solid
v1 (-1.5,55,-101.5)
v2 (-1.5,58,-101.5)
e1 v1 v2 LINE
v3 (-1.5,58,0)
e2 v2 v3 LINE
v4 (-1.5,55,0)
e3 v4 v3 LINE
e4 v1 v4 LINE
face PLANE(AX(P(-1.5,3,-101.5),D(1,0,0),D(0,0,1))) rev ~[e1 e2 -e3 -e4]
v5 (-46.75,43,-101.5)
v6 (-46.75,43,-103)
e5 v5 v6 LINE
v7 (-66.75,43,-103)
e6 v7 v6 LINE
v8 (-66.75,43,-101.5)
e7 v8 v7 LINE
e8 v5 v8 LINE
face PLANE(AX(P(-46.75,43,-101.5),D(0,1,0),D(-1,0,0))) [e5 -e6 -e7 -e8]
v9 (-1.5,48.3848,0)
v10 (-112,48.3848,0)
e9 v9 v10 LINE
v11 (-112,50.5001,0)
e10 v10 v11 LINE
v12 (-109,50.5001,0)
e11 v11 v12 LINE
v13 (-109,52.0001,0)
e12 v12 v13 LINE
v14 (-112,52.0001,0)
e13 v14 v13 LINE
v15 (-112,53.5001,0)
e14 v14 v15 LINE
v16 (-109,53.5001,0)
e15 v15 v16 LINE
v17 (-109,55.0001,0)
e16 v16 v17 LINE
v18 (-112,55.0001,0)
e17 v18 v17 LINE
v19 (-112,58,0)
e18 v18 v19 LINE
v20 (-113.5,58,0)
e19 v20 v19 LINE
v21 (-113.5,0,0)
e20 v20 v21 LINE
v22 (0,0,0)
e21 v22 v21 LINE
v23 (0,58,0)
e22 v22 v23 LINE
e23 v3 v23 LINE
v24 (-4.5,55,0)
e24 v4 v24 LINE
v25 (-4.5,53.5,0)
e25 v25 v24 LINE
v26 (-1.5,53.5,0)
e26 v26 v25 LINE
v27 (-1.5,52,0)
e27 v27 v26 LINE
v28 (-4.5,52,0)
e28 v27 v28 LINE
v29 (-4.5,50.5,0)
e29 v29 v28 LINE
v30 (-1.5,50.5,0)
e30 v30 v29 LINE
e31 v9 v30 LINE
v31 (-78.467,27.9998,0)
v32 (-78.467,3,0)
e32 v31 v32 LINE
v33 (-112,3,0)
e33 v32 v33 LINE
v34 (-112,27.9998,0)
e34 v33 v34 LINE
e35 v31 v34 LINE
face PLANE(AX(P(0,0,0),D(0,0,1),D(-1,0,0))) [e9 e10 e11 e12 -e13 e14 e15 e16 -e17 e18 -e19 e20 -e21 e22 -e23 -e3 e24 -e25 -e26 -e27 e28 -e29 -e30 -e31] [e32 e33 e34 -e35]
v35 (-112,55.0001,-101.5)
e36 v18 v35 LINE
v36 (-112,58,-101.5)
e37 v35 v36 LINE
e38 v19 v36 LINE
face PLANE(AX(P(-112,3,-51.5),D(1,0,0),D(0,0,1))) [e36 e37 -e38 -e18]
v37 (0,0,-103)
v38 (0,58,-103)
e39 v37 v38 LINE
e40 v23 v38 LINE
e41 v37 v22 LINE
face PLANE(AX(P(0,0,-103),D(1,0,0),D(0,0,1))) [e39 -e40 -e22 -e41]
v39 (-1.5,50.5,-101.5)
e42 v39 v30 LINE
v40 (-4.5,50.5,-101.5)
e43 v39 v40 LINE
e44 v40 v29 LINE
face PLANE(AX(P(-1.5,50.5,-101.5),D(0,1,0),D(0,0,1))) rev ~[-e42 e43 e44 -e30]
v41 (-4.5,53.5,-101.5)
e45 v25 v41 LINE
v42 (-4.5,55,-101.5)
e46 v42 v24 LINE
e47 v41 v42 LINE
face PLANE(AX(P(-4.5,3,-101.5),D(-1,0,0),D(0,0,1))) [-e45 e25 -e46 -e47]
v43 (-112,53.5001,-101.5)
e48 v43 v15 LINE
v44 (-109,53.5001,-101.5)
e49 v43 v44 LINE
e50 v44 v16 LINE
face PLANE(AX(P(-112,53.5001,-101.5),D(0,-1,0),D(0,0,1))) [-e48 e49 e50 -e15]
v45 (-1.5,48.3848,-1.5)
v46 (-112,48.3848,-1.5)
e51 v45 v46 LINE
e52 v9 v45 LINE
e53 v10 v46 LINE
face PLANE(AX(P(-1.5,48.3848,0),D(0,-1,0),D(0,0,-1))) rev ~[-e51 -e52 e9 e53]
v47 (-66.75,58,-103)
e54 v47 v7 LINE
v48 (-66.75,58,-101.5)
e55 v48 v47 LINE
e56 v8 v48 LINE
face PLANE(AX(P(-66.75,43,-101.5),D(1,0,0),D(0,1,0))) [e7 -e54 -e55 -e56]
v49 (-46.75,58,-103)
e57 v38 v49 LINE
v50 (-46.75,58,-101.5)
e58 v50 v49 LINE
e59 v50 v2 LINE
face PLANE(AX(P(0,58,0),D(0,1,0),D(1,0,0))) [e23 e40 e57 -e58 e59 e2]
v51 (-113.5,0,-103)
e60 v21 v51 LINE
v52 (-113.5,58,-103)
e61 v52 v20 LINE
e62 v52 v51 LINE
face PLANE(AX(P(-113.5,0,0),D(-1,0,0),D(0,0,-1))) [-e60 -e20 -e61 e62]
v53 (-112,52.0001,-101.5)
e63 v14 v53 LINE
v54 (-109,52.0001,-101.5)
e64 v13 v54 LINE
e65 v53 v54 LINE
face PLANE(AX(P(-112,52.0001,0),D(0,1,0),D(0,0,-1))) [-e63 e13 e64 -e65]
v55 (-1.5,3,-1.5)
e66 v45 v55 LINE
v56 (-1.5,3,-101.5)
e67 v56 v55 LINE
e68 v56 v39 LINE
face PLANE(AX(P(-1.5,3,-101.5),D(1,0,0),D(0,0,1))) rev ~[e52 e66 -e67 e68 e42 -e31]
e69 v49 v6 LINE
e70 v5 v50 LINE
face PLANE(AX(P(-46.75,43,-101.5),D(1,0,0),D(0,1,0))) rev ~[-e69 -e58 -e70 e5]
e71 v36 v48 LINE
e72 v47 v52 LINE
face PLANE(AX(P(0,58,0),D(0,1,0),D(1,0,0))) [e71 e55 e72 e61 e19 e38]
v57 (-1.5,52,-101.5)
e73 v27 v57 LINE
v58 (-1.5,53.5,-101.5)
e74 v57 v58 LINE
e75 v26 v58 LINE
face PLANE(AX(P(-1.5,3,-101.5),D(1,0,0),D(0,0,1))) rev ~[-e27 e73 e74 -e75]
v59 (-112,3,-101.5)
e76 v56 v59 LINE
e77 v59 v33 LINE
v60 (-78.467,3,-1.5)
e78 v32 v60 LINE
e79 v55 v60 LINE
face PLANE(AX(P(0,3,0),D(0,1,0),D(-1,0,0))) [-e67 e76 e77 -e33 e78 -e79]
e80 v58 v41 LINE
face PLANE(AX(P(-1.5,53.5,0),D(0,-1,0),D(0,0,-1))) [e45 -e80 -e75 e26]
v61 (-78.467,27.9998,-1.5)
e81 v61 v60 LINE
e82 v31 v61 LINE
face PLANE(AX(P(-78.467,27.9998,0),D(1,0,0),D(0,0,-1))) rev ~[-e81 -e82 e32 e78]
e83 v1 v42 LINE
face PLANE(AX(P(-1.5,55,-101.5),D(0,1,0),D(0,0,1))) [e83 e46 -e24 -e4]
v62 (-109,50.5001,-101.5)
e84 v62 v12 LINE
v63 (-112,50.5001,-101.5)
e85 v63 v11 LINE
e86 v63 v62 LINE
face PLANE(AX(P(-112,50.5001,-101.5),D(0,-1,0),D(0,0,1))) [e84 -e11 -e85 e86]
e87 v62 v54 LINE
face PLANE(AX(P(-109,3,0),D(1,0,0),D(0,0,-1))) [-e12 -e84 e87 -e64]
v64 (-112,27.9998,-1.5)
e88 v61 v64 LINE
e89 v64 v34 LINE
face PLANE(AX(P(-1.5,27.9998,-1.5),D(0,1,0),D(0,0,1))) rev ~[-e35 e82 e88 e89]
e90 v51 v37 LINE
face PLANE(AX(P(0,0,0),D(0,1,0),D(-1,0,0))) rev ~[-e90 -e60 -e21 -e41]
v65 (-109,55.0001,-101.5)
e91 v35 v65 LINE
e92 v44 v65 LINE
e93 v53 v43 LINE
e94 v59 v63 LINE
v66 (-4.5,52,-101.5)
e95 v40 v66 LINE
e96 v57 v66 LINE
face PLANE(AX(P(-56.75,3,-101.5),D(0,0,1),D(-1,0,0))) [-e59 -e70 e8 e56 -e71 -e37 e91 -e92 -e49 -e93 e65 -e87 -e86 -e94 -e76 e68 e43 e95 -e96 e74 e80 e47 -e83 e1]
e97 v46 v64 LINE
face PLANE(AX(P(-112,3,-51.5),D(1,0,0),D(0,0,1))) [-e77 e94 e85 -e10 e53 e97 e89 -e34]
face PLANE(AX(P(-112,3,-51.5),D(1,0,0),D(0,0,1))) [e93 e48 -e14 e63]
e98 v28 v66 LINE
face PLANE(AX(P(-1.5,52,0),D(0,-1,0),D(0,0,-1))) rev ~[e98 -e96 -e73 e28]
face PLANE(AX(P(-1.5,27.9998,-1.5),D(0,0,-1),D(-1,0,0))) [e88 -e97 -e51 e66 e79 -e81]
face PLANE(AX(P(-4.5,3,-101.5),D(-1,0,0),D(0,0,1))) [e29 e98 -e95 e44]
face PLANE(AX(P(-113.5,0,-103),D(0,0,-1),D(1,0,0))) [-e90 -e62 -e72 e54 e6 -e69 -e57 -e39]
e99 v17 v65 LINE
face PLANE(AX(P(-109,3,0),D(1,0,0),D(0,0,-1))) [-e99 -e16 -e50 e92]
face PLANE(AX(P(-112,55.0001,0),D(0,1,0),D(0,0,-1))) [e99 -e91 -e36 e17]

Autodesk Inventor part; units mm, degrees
ref_plane "YZ Plane" through (0, 0, 0) normal (1, 0, 0) x (0, 1, 0)
ref_plane "XZ Plane" through (0, 0, 0) normal (0, 1, 0) x (-1, 0, 0)
ref_plane "XY Plane" through (0, 0, 0) normal (0, 0, 1) x (1, 0, 0)
sketch "Sketch1" plane through (0, 0, 0) normal (0, 1, 0) x (-1, 0, 0)
  line L0 (0, 0) -> (113.5, 0)
  line L1 (113.5, 0) -> (113.5, -103)
  line L2 (113.5, -103) -> (0, -103)
  line L3 (0, -103) -> (0, 0)
  dimension "d0" = 113.5
  dimension "d1" = 103
extrude "Extrusion1" add sketch "Sketch1" along normal blind 3
sketch "Sketch2" plane through (0, 3, 0) normal (0, 1, 0) x (1, 0, 0)
  line L0 (0, 0) -> (0, 103) projected
  line L1 (-113.5, 0) -> (0, 0) projected
  line L2 (0, 103) -> (-113.5, 103) projected
  line L3 (-113.5, 103) -> (-113.5, 0) projected
  line L4 (-112, 51.5) -> (-112, 0)
  line L5 (-56.75, 101.5) -> (-112, 101.5)
  line L6 (-112, 101.5) -> (-1.5, 101.5)
  line L7 (-1.5, 101.5) -> (-1.5, 0)
  line L8 (-112, 0) -> (-112, 101.5)
extrude "Extrusion2" add sketch "Sketch2" along normal blind 55 contours L1 L7 L6 L5 L8 L4 L3 L2 L0
sketch "Sketch3" plane through (-112, 3, -101.5) normal (0, 0, 1) x (1, 0, 0)
  point P0 (112, -3)
sketch "Sketch4" plane through (-112, 3, -101.5) normal (0, 0, 1) x (1, 0, 0)
  line L0 (0, 55) -> (110.5, 55) projected
  line L1 (65.25, 40) -> (45.25, 40)
  line L2 (45.25, 40) -> (45.25, 55)
  line L3 (65.25, 40) -> (65.25, 55)
  line L4 (45.25, 55) -> (65.25, 55)
  point P0 (112, -3)
  dimension "d11" = 20
extrude "Extrusion3" cut sketch "Sketch4" against normal through all
sketch "Sketch5" plane through (-112, 3, 0) normal (1, 0, 0) x (0, 0, -1)
  line L0 (0, 55) -> (101.5, 55) projected
  line L1 (0, 0) -> (0, 55) projected
  line L2 (0, 52.0001) -> (101.5, 52.0001)
  line L3 (101.5, 0) -> (101.5, 55) projected
  line L4 (101.5, 52.0001) -> (101.5, 50.5001)
  line L5 (101.5, 50.5001) -> (0, 50.5001)
  line L6 (0, 52.0001) -> (0, 50.5001)
  line L7 (0, 49.0001) -> (101.5, 49.0001)
  line L8 (101.5, 49.0001) -> (101.5, 47.5001)
  line L9 (101.5, 47.5001) -> (0, 47.5001)
  line L10 (0, -3) -> (0, 55) projected
  line L11 (0, 49.0001) -> (0, 47.5001)
  dimension "d14" = 1.5
  dimension "d15" = 1.5
  dimension "d16" = 1.5
extrude "Extrusion4" add sketch "Sketch5" along normal blind 3 contours L2 L3 L5 L1 | L7 L3 L9 L1
sketch "Sketch6" plane through (-1.5, 3, -101.5) normal (-1, 0, 0) x (0, 0, 1)
  line L0 (0, 55) -> (101.5, 55) projected
  line L1 (0, 0) -> (0, 55) projected
  line L2 (0, 52) -> (101.5, 52)
  line L3 (101.5, 0) -> (101.5, 55) projected
  line L4 (101.5, 52) -> (101.5, 50.5)
  line L5 (101.5, 50.5) -> (0, 50.5)
  line L6 (0, 50.5) -> (0, 52)
  line L7 (101.5, 49) -> (0, 49)
  line L8 (0, 49) -> (0, 47.5)
  line L9 (0, 47.5) -> (101.5, 47.5)
  line L10 (101.5, -3) -> (101.5, 55) projected
  line L11 (101.5, 49) -> (101.5, 47.5)
  dimension "d20" = 1.5
  dimension "d21" = 1.5
  dimension "d22" = 1.5
extrude "Extrusion5" add sketch "Sketch6" along normal blind 3 contours L2 L3 L5 L1 | L7 L3 L9 L1
sketch "Sketch8" plane through (-1.5, 3, -101.5) normal (-1, 0, 0) x (0, 0, 1)
  line L0 (101.5, 0) -> (101.5, 47.5) projected
  line L1 (101.5, 45.3848) -> (101.5, 43.8848)
  line L2 (101.5, 45.3848) -> (100, 45.3848)
  line L3 (100, 45.3848) -> (100, 24.9998)
  line L4 (100, 24.9998) -> (101.5, 24.9998)
  line L5 (101.5, -3) -> (101.5, 55) projected
  dimension "d27" = 1.5
  dimension "d28" = 1.5
  dimension "d29" = 20.385
extrude "Extrusion6" add sketch "Sketch8" along normal up to surface (110.5 mm away)
sketch "Sketch10" plane through (-112, 27.9998, -1.5) normal (0, -1, 0) x (1, 0, 0)
  line L0 (110.5, 1.5) -> (0, 1.5) projected
  line L1 (33.533, 1.5) -> (33.533, 0)
  line L2 (110.5, 0) -> (0, 0) projected
  line L3 (33.4948, 1.5) -> (110.5, 1.5)
  line L4 (110.5, 1.5) -> (110.5, 0) projected
  line L5 (110.5, 1.5) -> (110.5, 0)
  line L6 (110.5, 0) -> (33.533, 0)
  point P0 (112, 1.5)
extrude "Extrusion7" add sketch "Sketch10" along normal up to surface (24.9998 mm away)
properties part number "casingN"
